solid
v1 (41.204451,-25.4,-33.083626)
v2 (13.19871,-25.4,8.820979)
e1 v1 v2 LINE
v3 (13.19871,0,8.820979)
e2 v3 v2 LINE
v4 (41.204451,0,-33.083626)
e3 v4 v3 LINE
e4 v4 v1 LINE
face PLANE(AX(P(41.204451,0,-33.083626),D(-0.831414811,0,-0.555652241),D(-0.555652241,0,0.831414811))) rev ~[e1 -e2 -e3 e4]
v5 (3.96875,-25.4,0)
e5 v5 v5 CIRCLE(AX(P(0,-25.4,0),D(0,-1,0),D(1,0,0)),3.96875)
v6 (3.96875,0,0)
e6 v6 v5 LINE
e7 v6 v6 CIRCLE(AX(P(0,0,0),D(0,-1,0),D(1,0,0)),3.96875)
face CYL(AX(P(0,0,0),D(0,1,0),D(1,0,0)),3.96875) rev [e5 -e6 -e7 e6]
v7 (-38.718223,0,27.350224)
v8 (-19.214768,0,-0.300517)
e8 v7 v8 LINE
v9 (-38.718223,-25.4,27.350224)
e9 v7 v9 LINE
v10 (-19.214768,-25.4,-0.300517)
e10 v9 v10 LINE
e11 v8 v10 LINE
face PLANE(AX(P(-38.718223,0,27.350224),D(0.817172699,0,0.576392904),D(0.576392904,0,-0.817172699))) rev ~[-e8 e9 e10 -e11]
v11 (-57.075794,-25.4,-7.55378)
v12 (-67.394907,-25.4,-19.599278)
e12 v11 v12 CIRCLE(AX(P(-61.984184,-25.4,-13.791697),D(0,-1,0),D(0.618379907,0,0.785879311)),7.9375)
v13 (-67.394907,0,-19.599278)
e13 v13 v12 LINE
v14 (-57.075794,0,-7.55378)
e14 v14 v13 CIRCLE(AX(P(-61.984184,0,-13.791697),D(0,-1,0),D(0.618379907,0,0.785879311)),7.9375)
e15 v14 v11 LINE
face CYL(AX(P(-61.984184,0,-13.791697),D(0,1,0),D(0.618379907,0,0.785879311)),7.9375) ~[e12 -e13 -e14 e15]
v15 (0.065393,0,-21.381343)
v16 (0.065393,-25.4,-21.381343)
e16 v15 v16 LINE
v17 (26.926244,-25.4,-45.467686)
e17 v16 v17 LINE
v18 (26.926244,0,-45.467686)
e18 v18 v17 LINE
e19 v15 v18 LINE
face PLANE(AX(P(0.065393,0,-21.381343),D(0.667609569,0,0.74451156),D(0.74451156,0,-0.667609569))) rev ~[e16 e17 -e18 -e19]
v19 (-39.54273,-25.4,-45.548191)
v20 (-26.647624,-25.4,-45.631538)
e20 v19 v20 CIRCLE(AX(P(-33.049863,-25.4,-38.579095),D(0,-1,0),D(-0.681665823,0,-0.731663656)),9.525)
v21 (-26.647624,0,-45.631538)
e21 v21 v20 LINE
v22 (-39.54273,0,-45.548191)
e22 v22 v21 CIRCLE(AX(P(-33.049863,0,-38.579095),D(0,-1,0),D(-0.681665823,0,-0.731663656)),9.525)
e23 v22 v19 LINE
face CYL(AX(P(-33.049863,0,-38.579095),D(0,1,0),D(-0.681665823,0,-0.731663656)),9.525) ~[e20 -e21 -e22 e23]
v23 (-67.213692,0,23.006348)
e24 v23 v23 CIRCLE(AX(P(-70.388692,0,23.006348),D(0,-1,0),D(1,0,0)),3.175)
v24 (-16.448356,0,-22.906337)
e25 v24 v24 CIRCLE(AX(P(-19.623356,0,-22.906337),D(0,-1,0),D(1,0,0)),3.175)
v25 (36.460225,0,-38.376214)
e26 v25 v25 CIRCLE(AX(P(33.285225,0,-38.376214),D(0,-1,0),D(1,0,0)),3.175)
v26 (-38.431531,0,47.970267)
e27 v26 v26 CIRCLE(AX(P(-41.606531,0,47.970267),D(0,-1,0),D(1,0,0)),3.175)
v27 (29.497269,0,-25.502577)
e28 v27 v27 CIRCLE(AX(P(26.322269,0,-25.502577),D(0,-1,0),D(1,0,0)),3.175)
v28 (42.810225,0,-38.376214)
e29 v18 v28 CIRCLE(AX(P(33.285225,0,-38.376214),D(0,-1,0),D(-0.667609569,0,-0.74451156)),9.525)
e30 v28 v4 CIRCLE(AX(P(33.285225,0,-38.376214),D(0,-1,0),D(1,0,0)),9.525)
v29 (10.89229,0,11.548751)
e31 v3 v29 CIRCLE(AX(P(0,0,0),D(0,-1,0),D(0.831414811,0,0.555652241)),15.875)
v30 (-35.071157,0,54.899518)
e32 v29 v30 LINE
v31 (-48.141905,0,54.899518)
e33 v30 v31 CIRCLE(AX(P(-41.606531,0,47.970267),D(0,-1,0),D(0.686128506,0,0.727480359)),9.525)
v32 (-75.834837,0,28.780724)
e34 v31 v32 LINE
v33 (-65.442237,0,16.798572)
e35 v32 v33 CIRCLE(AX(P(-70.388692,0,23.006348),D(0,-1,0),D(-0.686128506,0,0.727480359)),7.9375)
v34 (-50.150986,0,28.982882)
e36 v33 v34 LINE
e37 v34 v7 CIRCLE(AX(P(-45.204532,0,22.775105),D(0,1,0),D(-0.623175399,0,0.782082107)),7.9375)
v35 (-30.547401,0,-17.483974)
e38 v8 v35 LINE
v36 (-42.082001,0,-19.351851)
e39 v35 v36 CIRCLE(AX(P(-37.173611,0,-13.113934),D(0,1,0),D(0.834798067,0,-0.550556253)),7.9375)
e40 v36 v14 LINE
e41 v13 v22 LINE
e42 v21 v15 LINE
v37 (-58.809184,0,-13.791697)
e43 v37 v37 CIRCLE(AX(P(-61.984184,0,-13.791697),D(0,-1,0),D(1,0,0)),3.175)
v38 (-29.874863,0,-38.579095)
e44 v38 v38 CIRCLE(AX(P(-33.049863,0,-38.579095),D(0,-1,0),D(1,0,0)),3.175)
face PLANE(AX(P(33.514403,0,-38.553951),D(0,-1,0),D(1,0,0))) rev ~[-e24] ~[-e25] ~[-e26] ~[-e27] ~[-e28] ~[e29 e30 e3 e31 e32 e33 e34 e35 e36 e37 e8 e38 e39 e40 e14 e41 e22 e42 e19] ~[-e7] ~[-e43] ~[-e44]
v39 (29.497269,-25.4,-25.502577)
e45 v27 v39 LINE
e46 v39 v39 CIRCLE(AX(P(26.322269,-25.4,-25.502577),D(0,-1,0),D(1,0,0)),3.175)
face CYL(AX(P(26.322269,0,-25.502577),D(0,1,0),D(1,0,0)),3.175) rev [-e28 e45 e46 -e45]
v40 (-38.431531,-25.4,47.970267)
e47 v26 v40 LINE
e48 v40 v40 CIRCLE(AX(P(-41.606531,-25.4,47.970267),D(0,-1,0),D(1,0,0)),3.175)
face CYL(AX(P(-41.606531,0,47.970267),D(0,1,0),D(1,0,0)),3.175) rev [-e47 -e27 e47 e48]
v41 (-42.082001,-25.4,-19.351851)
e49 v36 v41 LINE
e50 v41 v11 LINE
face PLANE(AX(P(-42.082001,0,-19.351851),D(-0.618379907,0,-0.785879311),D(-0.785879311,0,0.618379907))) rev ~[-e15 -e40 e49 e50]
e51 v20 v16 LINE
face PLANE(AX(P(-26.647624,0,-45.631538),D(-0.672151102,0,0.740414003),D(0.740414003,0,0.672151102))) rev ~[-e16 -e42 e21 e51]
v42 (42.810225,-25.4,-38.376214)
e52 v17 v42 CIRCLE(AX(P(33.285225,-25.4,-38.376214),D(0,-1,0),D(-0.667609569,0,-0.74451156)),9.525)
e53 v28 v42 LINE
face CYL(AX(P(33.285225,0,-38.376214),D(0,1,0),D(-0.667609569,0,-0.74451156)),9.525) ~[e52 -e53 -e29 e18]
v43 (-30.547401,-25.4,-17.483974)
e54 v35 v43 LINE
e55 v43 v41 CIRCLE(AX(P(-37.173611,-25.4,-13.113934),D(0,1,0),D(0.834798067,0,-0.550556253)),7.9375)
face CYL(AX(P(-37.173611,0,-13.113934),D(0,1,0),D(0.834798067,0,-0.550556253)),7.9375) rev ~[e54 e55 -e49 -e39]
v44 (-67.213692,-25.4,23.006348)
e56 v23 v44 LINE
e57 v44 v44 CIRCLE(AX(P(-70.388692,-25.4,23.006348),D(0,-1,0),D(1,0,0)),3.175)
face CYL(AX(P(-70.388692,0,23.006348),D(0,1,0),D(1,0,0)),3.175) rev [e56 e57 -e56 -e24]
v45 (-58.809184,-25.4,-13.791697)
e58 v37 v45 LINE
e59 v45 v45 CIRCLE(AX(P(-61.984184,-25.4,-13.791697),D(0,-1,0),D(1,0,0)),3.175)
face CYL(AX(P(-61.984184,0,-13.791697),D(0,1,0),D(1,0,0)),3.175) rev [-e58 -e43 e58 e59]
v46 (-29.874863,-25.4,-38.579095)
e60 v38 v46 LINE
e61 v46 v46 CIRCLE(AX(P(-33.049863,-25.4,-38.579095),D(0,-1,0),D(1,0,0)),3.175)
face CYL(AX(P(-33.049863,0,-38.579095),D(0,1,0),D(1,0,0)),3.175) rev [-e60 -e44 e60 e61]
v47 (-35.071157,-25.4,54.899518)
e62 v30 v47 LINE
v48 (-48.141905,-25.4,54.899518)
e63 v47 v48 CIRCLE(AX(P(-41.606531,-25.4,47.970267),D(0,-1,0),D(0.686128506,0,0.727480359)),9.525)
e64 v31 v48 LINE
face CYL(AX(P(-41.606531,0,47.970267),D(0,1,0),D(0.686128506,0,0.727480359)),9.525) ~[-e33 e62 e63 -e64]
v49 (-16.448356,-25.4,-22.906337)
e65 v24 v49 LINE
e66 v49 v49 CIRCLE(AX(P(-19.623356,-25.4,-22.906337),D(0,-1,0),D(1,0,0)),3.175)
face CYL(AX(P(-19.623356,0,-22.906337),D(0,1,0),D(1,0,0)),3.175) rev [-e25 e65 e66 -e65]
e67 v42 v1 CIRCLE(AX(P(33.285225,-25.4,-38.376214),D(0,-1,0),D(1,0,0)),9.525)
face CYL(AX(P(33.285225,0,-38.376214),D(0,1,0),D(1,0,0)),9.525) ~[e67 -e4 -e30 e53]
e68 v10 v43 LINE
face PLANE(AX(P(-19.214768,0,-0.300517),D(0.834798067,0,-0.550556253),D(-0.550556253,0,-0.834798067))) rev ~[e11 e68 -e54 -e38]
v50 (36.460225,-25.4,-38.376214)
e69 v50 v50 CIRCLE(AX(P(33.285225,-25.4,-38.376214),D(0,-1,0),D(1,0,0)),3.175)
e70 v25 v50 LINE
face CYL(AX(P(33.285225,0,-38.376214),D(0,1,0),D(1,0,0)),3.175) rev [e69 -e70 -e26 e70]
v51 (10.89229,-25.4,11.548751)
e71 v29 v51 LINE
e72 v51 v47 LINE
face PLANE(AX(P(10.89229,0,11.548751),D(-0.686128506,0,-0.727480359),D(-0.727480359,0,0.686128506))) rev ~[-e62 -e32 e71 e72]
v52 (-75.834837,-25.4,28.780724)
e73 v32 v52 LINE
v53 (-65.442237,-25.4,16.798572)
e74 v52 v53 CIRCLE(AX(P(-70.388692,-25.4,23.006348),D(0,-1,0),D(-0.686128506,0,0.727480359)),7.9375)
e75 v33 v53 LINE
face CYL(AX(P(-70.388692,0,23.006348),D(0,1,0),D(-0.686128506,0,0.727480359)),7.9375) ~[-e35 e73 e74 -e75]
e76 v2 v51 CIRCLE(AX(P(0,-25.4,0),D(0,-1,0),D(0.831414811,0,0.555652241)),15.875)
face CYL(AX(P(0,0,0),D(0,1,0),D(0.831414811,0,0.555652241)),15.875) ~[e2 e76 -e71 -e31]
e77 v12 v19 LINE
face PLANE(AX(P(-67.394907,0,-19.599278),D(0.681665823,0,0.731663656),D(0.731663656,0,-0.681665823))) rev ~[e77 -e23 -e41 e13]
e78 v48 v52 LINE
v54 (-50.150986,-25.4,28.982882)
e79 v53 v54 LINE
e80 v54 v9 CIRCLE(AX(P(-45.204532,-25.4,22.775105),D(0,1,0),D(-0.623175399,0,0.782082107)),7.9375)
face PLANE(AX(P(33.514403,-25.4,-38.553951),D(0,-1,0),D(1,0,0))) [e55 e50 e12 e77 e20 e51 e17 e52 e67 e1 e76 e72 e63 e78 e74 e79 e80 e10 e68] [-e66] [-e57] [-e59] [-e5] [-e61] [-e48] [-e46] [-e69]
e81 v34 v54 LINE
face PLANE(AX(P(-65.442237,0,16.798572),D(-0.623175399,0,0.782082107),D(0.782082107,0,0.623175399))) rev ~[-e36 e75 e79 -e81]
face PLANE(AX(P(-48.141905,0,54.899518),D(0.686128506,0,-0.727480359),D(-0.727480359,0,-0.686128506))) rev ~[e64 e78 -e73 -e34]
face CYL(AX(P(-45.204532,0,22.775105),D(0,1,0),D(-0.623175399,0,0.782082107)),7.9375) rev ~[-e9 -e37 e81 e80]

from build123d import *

# Parameters (mm, degrees)
F0_R     = 3.175
F0_R_2   = 3.96875
F1_DEPTH = 25.4


with BuildPart() as f1:
    # F0 (on Front) → F1 (new body)
    with BuildSketch(Plane.XZ):
        with BuildLine():
            ThreePointArc((26.9262440233, -45.4676864135), (37.1682864336, -47.0737686401), (42.8102251661, -38.3762138003))
            ThreePointArc((42.8102251661, -38.3762138003), (42.3999454948, -35.6108027404), (41.2044512386, -33.0836262089))
            ThreePointArc((41.2044512386, -33.0836262089), (27.0442454474, -31.1806737127), (26.9262440233, -45.4676864135))
        make_face()
        with Locations((33.2852251661, -38.3762138003)):
            Circle(F0_R, mode=Mode.SUBTRACT)
        with BuildLine():
            ThreePointArc((26.9262440233, -45.4676864135), (27.0442454474, -31.1806737127), (41.2044512386, -33.0836262089))
            Line((41.2044512386, -33.0836262089), (13.1987101208, 8.820979319))
            ThreePointArc((13.1987101208, 8.820979319), (15.1912005478, 4.609018433), (15.875, 0))
            ThreePointArc((15.875, 0), (14.5156502636, -6.4274040191), (10.6703987497, -11.7540722953))
            Line((10.6703987497, -11.7540722953), (0.0653932355, -21.3813431455))
            Line((0.0653932355, -21.3813431455), (26.9262440233, -45.4676864135))
        make_face()
        with Locations((26.3222689506, -25.5025770961)):
            Circle(F0_R, mode=Mode.SUBTRACT)
        with BuildLine():
            ThreePointArc((15.875, 0), (15.1912005478, 4.609018433), (13.1987101208, 8.820979319))
            ThreePointArc((13.1987101208, 8.820979319), (12.1224690662, 10.2499448164), (10.8922900307, 11.5487507067))
            ThreePointArc((10.8922900307, 11.5487507067), (-1.834314477, 15.7686687897), (-13.2524193062, 8.7400805221))
            ThreePointArc((-13.2524193062, 8.7400805221), (-15.8730587934, -0.2482529814), (-12.9726166036, -9.1502373442))
            ThreePointArc((-12.9726166036, -9.1502373442), (-11.8607666217, -10.5516747555), (-10.5983019047, -11.8191210221))
            ThreePointArc((-10.5983019047, -11.8191210221), (0.0485522706, -15.8749257534), (10.6703987497, -11.7540722953))
            ThreePointArc((10.6703987497, -11.7540722953), (14.5156502636, -6.4274040191), (15.875, 0))
        make_face()
        Circle(F0_R_2, mode=Mode.SUBTRACT)
        with BuildLine():
            Line((-26.647623873, -45.6315380732), (0.0653932355, -21.3813431455))
            Line((0.0653932355, -21.3813431455), (-10.5983019047, -11.8191210221))
            ThreePointArc((-10.5983019047, -11.8191210221), (-11.8607666217, -10.5516747555), (-12.9726166036, -9.1502373442))
            Line((-12.9726166036, -9.1502373442), (-19.2147683858, -0.3005169703))
            Line((-19.2147683858, -0.3005169703), (-30.5474012326, -17.4839744853))
            ThreePointArc((-30.5474012326, -17.4839744853), (-35.9047663103, -20.9493627188), (-42.0820013957, -19.3518512525))
            Line((-42.0820013957, -19.3518512525), (-57.0757936348, -7.5537803256))
            ThreePointArc((-57.0757936348, -7.5537803256), (-54.8440071189, -10.3244537385), (-54.0466841448, -13.7916973539))
            ThreePointArc((-54.0466841448, -13.7916973539), (-58.817458973, -21.070142101), (-67.394906617, -19.5992776228))
            Line((-67.394906617, -19.5992776228), (-39.5427300894, -45.5481910186))
            ThreePointArc((-39.5427300894, -45.5481910186), (-36.849933329, -29.8449609995), (-23.5248631228, -38.579094696))
            ThreePointArc((-23.5248631228, -38.579094696), (-24.3404729646, -42.4355371074), (-26.647623873, -45.6315380732))
        make_face()
        with Locations((-19.6233562292, -22.9063374758)):
            Circle(F0_R, mode=Mode.SUBTRACT)
        with BuildLine():
            Line((-10.5983019047, -11.8191210221), (0.0653932355, -21.3813431455))
            Line((0.0653932355, -21.3813431455), (10.6703987497, -11.7540722953))
            ThreePointArc((10.6703987497, -11.7540722953), (0.0485522706, -15.8749257534), (-10.5983019047, -11.8191210221))
        make_face()
        with BuildLine():
            ThreePointArc((-13.2524193062, 8.7400805221), (-1.834314477, 15.7686687897), (10.8922900307, 11.5487507067))
            Line((10.8922900307, 11.5487507067), (-35.0711574392, 54.8995176744))
            ThreePointArc((-35.0711574392, 54.8995176744), (-32.8608164346, 51.7436071154), (-32.0815314576, 47.9702672503))
            ThreePointArc((-32.0815314576, 47.9702672503), (-45.3798713227, 39.2245522274), (-48.1419054761, 54.8995176744))
            Line((-48.1419054761, 54.8995176744), (-75.8348368232, 28.7807237291))
            ThreePointArc((-75.8348368232, 28.7807237291), (-67.2442419203, 30.2944442282), (-62.4511918078, 23.0063483758))
            ThreePointArc((-62.4511918078, 23.0063483758), (-63.237943921, 19.5609585706), (-65.4422370763, 16.798571653))
            Line((-65.4422370763, 16.798571653), (-50.1509863937, 28.9828821829))
            ThreePointArc((-50.1509863937, 28.9828821829), (-44.0823996147, 30.6328866939), (-38.7182233604, 27.3502241323))
            Line((-38.7182233604, 27.3502241323), (-19.2147683858, -0.3005169703))
            Line((-19.2147683858, -0.3005169703), (-13.2524193062, 8.7400805221))
        make_face()
        with BuildLine():
            ThreePointArc((-39.5427300894, -45.5481910186), (-33.1114263313, -48.1038957423), (-26.647623873, -45.6315380732))
            ThreePointArc((-26.647623873, -45.6315380732), (-24.3404729646, -42.4355371074), (-23.5248631228, -38.579094696))
            ThreePointArc((-23.5248631228, -38.579094696), (-36.849933329, -29.8449609995), (-39.5427300894, -45.5481910186))
        make_face()
        with Locations((-33.0498631228, -38.579094696)):
            Circle(F0_R, mode=Mode.SUBTRACT)
        with BuildLine():
            ThreePointArc((-12.9726166036, -9.1502373442), (-15.8730587934, -0.2482529814), (-13.2524193062, 8.7400805221))
            Line((-13.2524193062, 8.7400805221), (-19.2147683858, -0.3005169703))
            Line((-19.2147683858, -0.3005169703), (-12.9726166036, -9.1502373442))
        make_face()
        with BuildLine():
            ThreePointArc((-32.0815314576, 47.9702672503), (-32.8608164346, 51.7436071154), (-35.0711574392, 54.8995176744))
            ThreePointArc((-35.0711574392, 54.8995176744), (-41.6065314576, 57.4952672503), (-48.1419054761, 54.8995176744))
            ThreePointArc((-48.1419054761, 54.8995176744), (-45.3798713227, 39.2245522274), (-32.0815314576, 47.9702672503))
        make_face()
        with Locations((-41.6065314576, 47.9702672503)):
            Circle(F0_R, mode=Mode.SUBTRACT)
        with BuildLine():
            ThreePointArc((-57.0757936348, -7.5537803256), (-68.0121676911, -8.627656241), (-67.394906617, -19.5992776228))
            ThreePointArc((-67.394906617, -19.5992776228), (-58.817458973, -21.070142101), (-54.0466841448, -13.7916973539))
            ThreePointArc((-54.0466841448, -13.7916973539), (-54.8440071189, -10.3244537385), (-57.0757936348, -7.5537803256))
        make_face()
        with Locations((-61.9841841448, -13.7916973539)):
            Circle(F0_R, mode=Mode.SUBTRACT)
        with BuildLine():
            ThreePointArc((-62.4511918078, 23.0063483758), (-67.2442419203, 30.2944442282), (-75.8348368232, 28.7807237291))
            ThreePointArc((-75.8348368232, 28.7807237291), (-76.3849752141, 17.8055319436), (-65.4422370763, 16.798571653))
            ThreePointArc((-65.4422370763, 16.798571653), (-63.237943921, 19.5609585706), (-62.4511918078, 23.0063483758))
        make_face()
        with Locations((-70.3886918078, 23.0063483758)):
            Circle(F0_R, mode=Mode.SUBTRACT)
    extrude(amount=F1_DEPTH)


solid = f1.part
